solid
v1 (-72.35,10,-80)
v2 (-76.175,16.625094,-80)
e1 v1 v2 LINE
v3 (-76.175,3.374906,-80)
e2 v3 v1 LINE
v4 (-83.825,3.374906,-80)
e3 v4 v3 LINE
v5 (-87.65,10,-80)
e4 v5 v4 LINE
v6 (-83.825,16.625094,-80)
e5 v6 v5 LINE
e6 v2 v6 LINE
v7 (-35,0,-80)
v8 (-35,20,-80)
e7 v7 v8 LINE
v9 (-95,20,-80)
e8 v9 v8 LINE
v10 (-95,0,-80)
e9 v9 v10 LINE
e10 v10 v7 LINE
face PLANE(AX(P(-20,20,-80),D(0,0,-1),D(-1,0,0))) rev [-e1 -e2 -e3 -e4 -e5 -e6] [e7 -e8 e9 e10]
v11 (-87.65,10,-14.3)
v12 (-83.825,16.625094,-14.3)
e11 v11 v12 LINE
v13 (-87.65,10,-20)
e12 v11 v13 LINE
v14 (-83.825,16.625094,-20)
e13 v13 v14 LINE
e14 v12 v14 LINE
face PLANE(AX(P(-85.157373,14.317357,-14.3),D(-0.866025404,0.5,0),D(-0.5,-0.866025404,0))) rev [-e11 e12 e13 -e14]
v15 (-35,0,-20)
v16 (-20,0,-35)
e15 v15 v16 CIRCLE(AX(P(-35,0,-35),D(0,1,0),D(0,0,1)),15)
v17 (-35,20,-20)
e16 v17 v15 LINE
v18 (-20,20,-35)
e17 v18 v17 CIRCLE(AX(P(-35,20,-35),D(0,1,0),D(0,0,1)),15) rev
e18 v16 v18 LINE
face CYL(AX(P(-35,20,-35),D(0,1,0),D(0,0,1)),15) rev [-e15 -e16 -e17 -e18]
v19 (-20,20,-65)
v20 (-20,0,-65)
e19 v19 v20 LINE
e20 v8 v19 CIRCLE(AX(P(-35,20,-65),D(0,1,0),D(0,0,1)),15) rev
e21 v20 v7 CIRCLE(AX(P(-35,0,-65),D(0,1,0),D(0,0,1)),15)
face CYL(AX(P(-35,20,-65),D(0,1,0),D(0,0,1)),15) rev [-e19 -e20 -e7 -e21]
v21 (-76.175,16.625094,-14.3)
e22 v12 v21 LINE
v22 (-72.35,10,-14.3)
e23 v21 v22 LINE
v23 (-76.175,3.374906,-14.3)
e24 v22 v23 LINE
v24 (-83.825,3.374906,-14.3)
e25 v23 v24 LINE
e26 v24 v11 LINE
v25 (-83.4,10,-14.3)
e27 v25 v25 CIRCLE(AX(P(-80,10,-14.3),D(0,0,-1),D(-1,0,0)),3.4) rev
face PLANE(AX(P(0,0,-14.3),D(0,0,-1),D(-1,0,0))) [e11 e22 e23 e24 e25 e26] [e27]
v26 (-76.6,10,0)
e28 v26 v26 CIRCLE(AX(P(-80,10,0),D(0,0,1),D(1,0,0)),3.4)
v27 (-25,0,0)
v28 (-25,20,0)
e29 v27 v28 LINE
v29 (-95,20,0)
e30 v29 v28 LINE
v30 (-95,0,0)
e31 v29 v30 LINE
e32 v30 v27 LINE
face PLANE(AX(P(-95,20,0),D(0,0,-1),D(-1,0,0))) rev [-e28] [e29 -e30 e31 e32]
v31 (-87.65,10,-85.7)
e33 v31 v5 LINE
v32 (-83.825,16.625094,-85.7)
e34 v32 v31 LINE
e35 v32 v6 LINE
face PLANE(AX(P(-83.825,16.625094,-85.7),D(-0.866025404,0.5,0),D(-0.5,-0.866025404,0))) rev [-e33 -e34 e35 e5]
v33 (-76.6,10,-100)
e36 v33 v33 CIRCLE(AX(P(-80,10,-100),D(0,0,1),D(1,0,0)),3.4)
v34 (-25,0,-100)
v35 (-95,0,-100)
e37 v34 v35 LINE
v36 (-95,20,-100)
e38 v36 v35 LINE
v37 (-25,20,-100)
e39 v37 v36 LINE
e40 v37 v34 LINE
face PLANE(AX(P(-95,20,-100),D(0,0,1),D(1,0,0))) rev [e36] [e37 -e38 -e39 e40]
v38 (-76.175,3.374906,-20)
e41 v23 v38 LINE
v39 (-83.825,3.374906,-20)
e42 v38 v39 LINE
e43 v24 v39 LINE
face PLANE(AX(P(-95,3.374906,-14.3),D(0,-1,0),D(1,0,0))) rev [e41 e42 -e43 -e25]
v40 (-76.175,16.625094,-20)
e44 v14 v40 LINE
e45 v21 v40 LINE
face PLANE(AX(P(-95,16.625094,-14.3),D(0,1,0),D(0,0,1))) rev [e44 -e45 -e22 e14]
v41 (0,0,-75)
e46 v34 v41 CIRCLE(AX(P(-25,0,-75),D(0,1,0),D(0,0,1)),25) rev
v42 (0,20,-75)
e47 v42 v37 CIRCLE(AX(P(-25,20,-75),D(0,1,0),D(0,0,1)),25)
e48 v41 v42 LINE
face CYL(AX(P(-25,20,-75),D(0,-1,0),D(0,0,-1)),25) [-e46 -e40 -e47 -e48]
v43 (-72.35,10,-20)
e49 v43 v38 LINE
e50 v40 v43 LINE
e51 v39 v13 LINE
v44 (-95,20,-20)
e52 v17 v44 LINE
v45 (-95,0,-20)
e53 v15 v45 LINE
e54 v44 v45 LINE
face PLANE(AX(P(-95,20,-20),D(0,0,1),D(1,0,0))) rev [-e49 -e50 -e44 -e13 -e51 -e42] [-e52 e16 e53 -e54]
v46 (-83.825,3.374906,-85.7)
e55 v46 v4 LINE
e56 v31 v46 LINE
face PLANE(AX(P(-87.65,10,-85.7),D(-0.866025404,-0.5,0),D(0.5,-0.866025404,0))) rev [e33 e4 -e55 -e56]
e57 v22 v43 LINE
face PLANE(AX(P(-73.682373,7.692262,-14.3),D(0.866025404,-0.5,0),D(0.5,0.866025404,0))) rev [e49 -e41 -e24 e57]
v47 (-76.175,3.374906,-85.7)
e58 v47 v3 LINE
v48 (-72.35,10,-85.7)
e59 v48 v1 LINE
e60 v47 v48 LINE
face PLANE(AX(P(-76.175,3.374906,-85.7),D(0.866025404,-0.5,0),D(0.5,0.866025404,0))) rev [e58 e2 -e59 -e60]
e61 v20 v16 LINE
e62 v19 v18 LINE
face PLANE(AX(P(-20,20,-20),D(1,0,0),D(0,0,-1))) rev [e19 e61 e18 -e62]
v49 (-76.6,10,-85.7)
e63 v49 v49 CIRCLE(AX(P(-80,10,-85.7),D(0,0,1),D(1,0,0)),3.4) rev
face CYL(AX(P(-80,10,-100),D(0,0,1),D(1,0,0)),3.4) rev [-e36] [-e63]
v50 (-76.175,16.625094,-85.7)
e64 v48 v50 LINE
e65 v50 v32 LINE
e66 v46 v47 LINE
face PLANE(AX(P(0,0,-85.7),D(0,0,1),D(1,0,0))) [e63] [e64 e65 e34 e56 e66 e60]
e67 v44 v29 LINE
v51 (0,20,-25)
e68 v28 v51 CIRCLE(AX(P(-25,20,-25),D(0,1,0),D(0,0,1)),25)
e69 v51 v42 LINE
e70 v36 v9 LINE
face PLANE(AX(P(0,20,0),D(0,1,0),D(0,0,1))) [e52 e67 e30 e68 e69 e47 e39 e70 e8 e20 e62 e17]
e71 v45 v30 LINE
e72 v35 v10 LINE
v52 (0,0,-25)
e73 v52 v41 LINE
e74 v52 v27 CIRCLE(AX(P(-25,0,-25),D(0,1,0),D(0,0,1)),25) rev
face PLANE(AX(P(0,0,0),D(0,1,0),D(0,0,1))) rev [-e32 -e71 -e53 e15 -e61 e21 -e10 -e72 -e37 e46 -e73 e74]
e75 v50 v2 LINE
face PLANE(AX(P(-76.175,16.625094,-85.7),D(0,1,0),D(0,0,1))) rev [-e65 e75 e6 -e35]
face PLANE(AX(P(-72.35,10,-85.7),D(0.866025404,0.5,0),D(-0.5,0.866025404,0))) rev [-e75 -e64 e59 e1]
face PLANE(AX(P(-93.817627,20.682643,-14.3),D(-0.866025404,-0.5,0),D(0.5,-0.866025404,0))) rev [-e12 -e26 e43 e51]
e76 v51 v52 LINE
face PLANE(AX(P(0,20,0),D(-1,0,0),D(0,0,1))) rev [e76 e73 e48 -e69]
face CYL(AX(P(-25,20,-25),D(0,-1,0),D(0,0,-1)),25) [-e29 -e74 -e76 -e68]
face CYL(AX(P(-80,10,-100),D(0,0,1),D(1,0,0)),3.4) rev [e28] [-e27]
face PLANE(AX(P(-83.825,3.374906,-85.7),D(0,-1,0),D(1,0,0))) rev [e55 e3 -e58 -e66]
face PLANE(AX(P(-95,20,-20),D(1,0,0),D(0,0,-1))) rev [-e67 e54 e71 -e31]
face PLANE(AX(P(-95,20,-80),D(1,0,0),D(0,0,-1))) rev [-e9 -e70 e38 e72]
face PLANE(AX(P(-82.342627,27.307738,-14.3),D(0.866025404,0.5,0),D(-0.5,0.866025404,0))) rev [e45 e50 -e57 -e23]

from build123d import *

# Parameters (mm, degrees)
BOSS_EXTRUDE1_DEPTH     = 20
CUT_EXTRUDE1_DEPTH      = 126.797456254
CUT_EXTRUDE1_DEPTH_BACK = 126.797456254
SKETCH3_R               = 3.4
CUT_EXTRUDE2_DEPTH      = 5.7
CUT_EXTRUDE3_START      = 60
CUT_EXTRUDE3_DEPTH      = 5.7
FILLET1_R               = 15
FILLET2_R               = 25


with BuildPart() as part:
    # Sketch2 → Boss-Extrude1 (new body)
    with BuildSketch(Plane(origin=(0, 0, 0), x_dir=(1, 0, 0), z_dir=(0, 1, 0))):
        Polygon((-95, 20), (-95, 0), (0, 0), (0, 100), (-95, 100), (-95, 80), (-20, 80), (-20, 20), align=None)
    extrude(amount=BOSS_EXTRUDE1_DEPTH)

    # Sketch3 → Cut-Extrude1 (cut, two sides: drawn at the far end of the back side and taken through both)
    with BuildSketch(Plane.XY.offset(-80).offset(-CUT_EXTRUDE1_DEPTH_BACK)):
        with Locations((-80, 10)):
            Circle(SKETCH3_R)
    extrude(amount=CUT_EXTRUDE1_DEPTH + CUT_EXTRUDE1_DEPTH_BACK, mode=Mode.SUBTRACT)

    # Sketch4 → Cut-Extrude2 (cut)
    with BuildSketch(Plane.XY.offset(-80)):
        Polygon((-76.175, 3.374905661), (-72.35, 10), (-76.175, 16.625094339), (-83.825, 16.625094339), (-87.65, 10), (-83.825, 3.374905661), align=None)
    extrude(amount=-CUT_EXTRUDE2_DEPTH, mode=Mode.SUBTRACT)

    # Sketch4<2> → Cut-Extrude3 (cut)
    with BuildSketch(Plane.XY.offset(-80).offset(CUT_EXTRUDE3_START)):
        Polygon((-76.175, 3.374905661), (-72.35, 10), (-76.175, 16.625094339), (-83.825, 16.625094339), (-87.65, 10), (-83.825, 3.374905661), align=None)
    extrude(amount=CUT_EXTRUDE3_DEPTH, mode=Mode.SUBTRACT)

    # Fillet1
    fillet1_edges = [part.edges().sort_by_distance(p)[0] for p in [
        (-20, 10, -20),
        (-20, 10, -80),
    ]]
    fillet(fillet1_edges, radius=FILLET1_R)

    # Fillet2
    fillet2_edges = [part.edges().sort_by_distance(p)[0] for p in [
        (0, 10, -100),
        (0, 10, 0),
    ]]
    fillet(fillet2_edges, radius=FILLET2_R)


solid = part.part
